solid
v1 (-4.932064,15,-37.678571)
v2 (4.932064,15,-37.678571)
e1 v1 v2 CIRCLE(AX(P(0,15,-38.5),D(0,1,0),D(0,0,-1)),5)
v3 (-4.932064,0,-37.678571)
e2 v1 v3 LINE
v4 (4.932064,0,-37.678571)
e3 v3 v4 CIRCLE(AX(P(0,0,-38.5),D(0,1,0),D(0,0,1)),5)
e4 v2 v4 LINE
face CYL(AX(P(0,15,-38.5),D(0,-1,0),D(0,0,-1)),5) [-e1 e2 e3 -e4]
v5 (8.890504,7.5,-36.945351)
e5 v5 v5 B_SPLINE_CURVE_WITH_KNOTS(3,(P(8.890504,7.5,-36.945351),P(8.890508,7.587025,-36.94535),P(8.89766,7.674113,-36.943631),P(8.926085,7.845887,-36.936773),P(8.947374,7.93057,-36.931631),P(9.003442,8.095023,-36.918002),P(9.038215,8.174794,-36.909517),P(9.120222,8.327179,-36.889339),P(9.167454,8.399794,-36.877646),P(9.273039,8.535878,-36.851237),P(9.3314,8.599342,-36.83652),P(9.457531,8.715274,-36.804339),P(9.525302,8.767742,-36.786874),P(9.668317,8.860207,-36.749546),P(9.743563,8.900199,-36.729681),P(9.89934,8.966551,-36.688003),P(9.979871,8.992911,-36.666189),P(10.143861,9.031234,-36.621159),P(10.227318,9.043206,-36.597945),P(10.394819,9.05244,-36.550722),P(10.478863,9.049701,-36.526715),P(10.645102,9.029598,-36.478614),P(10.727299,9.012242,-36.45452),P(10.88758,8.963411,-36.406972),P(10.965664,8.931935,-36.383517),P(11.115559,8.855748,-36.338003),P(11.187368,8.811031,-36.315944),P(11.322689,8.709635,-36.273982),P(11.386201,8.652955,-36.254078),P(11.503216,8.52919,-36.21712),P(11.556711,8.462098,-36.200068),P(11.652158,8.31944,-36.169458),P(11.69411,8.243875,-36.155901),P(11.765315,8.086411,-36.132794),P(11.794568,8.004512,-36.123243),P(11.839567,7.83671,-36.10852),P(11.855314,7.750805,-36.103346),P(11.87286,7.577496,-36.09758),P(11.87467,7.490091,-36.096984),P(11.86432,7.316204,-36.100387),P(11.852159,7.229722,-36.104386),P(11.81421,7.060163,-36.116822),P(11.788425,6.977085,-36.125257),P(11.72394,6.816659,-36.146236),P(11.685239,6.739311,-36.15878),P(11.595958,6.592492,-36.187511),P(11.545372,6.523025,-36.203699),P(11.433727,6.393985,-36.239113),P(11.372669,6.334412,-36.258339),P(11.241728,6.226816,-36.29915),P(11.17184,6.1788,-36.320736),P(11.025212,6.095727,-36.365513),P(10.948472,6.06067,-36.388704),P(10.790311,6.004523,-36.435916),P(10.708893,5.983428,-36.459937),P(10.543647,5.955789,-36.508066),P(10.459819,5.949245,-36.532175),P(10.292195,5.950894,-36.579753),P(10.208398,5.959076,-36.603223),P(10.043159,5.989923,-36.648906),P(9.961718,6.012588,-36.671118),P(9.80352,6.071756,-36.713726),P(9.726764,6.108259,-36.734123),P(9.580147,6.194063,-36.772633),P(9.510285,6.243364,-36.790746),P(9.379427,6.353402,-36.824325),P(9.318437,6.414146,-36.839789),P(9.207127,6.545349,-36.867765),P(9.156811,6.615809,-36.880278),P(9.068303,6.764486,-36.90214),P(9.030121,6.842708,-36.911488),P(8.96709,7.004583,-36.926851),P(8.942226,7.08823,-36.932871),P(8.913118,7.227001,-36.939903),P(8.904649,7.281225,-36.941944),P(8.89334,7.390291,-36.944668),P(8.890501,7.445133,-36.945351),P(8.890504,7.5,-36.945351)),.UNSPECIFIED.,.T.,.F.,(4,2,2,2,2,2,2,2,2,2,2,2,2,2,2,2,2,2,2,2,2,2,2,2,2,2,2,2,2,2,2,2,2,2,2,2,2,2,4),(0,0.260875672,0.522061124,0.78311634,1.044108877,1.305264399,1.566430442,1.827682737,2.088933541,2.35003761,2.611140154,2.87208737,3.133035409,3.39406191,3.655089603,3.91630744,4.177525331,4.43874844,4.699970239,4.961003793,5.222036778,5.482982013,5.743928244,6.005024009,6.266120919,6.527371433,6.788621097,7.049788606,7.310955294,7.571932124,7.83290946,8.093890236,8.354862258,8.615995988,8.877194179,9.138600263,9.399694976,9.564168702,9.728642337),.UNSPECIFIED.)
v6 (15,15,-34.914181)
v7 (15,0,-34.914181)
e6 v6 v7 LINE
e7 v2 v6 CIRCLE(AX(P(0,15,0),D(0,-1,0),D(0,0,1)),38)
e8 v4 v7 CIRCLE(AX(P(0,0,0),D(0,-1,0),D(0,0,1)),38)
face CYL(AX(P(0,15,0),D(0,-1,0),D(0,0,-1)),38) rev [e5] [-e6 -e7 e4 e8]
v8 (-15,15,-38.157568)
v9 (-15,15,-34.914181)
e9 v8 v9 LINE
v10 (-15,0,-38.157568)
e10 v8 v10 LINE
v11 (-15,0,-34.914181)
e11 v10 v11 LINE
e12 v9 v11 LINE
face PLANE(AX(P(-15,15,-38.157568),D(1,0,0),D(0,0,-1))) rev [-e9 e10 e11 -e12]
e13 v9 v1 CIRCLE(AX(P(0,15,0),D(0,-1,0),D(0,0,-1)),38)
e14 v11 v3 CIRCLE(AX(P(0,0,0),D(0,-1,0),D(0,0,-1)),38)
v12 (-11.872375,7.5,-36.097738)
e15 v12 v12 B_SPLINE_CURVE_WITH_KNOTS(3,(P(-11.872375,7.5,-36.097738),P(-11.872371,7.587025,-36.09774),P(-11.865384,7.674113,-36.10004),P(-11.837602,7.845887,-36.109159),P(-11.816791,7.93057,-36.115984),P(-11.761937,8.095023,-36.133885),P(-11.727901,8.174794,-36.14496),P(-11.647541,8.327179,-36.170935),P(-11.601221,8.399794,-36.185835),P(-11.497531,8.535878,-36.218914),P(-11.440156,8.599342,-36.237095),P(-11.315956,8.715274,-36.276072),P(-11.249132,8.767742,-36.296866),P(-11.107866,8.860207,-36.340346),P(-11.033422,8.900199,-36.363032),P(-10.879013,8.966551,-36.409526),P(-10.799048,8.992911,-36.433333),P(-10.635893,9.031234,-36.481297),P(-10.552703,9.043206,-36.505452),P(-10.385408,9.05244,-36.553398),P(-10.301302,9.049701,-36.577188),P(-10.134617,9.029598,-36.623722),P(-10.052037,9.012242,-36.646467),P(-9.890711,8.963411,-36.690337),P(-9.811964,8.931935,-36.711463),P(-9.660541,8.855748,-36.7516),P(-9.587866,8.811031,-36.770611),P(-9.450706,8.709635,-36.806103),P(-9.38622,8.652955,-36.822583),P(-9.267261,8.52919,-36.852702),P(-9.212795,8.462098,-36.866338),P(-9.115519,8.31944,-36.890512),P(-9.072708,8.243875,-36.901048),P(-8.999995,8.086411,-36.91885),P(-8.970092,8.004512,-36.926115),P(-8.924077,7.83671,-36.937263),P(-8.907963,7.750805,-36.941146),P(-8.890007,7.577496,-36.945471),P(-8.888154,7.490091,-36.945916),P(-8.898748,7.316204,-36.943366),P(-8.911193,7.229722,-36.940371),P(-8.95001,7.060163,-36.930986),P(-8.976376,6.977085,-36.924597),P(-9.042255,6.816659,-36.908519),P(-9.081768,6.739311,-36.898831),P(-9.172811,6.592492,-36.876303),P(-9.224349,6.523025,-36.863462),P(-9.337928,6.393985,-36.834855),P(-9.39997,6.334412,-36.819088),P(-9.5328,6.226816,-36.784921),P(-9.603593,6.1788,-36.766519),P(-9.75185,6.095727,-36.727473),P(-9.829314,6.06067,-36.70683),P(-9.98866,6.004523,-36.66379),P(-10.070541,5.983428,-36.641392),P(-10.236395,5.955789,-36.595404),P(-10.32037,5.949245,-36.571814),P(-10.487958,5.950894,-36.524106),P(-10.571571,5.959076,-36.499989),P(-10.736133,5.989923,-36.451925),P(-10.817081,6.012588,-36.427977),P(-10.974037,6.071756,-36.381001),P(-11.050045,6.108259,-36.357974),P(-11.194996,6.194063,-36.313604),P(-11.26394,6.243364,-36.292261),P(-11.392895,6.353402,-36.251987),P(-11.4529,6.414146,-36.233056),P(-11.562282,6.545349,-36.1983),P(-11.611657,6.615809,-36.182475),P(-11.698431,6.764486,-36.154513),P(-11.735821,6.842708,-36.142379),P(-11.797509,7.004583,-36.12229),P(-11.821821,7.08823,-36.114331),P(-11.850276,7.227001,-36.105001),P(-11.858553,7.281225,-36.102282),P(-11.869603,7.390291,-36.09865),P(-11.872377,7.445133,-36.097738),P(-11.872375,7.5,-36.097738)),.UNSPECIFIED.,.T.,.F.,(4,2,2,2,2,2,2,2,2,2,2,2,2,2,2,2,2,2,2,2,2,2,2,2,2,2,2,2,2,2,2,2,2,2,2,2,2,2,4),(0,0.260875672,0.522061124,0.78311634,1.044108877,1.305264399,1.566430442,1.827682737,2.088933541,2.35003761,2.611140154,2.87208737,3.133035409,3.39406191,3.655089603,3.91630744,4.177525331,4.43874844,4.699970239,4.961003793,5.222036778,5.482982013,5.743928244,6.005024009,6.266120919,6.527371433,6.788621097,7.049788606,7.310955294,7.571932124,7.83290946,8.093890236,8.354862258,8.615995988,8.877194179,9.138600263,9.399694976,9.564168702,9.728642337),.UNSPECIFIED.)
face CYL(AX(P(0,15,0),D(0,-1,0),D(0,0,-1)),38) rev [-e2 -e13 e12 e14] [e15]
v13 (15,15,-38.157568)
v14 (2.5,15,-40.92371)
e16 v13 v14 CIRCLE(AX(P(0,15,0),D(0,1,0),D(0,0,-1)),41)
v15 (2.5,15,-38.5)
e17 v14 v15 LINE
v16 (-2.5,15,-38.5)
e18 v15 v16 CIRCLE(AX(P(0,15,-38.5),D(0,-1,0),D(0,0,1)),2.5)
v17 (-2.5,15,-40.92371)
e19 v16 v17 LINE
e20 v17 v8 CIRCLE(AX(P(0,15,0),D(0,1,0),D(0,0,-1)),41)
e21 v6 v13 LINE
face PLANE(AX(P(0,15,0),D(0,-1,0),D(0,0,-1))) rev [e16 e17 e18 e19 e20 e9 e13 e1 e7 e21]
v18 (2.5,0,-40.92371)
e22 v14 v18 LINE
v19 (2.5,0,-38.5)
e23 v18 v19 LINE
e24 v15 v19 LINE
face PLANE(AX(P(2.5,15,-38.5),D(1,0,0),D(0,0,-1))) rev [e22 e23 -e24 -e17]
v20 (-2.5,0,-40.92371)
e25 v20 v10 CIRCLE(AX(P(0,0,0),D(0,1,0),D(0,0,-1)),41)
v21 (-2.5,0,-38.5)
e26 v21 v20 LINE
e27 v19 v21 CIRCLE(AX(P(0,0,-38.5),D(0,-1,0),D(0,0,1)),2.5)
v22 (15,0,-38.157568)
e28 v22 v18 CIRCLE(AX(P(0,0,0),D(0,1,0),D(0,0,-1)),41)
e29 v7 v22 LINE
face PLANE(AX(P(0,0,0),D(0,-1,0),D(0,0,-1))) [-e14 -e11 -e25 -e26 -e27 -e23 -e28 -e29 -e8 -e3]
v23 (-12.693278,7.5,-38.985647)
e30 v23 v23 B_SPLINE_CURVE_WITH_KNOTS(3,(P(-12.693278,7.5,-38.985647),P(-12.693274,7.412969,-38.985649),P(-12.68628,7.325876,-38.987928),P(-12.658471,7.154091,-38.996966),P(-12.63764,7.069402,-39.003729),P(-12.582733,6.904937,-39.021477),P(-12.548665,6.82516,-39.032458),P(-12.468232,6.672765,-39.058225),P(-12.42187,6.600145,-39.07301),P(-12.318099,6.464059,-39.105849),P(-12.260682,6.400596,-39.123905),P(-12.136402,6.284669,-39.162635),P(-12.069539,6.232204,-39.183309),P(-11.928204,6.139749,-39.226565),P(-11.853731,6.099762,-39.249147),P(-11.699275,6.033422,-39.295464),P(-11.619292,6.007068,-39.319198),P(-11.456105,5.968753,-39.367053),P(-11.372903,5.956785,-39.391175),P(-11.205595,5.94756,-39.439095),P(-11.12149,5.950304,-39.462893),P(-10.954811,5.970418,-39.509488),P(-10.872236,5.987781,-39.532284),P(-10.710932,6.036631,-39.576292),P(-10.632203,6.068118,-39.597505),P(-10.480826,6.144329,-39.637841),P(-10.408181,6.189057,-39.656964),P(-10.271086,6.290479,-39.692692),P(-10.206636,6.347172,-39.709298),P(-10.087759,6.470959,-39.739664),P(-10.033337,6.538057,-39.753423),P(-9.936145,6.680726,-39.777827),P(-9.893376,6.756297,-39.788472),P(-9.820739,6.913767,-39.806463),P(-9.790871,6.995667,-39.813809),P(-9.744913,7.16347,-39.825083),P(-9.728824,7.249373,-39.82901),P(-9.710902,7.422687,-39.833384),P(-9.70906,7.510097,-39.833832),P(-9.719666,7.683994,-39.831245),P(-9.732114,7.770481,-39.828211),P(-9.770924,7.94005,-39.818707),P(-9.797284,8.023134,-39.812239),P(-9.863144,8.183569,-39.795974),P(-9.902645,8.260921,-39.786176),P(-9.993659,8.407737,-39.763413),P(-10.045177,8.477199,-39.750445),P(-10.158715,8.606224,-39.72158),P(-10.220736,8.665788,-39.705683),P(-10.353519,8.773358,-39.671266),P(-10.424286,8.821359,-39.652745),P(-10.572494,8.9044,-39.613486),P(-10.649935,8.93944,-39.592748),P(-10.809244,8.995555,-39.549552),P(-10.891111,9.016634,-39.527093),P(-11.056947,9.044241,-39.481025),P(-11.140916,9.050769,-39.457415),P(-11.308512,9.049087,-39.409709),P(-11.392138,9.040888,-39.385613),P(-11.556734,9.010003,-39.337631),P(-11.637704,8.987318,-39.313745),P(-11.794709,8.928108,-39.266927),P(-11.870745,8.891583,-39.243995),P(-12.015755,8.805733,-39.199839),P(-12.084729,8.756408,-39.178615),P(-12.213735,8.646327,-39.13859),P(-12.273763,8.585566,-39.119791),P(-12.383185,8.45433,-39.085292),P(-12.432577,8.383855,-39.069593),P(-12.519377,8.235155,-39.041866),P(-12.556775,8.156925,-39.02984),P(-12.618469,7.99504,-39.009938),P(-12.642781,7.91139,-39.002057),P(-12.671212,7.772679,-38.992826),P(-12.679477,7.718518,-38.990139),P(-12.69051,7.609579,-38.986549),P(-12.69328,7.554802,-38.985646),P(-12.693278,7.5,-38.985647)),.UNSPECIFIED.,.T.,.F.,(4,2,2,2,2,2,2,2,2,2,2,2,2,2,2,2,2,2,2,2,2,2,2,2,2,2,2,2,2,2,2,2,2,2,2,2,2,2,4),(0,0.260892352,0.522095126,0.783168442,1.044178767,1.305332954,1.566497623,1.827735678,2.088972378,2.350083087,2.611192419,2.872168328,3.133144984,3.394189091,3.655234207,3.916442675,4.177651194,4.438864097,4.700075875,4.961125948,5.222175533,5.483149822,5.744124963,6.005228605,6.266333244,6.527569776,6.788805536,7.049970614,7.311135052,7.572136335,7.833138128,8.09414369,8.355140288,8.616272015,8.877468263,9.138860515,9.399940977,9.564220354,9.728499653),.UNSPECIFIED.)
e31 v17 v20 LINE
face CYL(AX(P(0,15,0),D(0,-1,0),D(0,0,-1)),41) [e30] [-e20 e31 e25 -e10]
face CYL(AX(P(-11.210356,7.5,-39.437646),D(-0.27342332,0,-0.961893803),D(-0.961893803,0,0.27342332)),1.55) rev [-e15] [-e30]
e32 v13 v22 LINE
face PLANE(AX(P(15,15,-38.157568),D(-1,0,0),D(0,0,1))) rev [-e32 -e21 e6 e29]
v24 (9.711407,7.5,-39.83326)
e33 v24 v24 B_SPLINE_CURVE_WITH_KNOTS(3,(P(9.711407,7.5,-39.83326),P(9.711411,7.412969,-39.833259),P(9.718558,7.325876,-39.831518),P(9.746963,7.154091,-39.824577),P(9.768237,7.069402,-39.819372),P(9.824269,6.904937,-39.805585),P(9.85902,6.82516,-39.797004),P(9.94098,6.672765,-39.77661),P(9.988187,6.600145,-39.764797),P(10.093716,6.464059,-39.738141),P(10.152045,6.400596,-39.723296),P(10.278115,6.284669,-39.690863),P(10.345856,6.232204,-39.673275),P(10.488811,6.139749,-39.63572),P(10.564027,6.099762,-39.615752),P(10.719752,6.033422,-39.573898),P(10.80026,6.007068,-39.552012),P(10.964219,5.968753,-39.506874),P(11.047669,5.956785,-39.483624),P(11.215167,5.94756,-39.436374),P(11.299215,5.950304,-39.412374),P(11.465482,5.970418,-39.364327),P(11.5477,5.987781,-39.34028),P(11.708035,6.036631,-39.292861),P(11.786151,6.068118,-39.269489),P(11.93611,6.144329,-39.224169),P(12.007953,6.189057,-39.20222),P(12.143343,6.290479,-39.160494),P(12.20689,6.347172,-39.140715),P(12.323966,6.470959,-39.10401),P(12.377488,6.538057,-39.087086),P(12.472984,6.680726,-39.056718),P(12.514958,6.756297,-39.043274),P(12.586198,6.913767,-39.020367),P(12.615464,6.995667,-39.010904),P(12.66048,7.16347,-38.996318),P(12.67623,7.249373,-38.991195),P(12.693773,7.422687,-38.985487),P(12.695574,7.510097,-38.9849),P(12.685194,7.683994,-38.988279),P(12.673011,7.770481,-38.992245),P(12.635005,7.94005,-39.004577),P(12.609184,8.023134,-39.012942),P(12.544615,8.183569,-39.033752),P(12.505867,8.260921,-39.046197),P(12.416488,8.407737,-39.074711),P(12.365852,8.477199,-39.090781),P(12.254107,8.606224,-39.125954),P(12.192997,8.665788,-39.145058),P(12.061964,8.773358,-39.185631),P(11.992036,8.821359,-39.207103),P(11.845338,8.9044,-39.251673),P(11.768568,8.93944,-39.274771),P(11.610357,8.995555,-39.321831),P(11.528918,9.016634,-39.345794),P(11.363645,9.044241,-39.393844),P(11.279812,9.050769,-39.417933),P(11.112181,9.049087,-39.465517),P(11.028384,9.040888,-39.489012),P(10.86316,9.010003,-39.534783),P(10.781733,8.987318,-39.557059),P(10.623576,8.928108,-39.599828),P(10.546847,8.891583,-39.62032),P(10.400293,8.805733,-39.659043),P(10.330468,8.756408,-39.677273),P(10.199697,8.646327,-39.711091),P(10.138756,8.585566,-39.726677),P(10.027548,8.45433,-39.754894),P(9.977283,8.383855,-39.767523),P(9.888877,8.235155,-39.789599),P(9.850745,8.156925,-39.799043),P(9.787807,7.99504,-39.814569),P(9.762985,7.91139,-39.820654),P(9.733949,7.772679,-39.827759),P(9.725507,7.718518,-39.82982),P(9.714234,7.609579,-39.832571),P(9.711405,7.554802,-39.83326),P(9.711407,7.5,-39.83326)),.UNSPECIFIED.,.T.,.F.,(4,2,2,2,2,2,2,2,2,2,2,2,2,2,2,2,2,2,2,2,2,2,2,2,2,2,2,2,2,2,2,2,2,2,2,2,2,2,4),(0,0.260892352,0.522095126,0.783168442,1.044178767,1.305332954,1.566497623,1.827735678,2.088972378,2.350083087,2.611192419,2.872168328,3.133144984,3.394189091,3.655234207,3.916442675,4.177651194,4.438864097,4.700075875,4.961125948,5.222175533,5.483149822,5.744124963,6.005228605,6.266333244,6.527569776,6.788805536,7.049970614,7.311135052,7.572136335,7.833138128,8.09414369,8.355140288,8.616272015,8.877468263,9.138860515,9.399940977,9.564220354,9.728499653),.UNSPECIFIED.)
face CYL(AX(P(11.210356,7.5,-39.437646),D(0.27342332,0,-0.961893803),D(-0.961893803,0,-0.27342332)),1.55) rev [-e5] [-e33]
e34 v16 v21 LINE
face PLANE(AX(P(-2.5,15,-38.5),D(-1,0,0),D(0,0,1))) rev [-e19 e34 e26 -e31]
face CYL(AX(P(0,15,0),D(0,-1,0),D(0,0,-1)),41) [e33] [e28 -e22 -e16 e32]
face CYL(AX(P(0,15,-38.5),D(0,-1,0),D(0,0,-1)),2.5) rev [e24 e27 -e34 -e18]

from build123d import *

# Parameters (mm, degrees)
BOSS_EXTRU_1_DEPTH             = 15
D_GAGEMENT_M41_D               = 3.1
D_GAGEMENT_M41_DEPTH           = 30
D_GAGEMENT_M41_TIP             = 0.931333959
D_GAGEMENT_M41_ON_FACE_2_D     = 3.1
D_GAGEMENT_M41_ON_FACE_2_DEPTH = 30
D_GAGEMENT_M41_ON_FACE_2_TIP   = 0.931333959


with BuildPart() as part:
    # Esquisse1 → Boss.-Extru.1 (new body)
    with BuildSketch(Plane(origin=(0, 0, 0), x_dir=(1, 0, 0), z_dir=(0, 1, 0))):
        with BuildLine():
            Line((-2.5, 38.5), (-2.5, 40.923709509))
            ThreePointArc((-2.5, 40.923709509), (-8.858633339, 40.031545253), (-15, 38.157568057))
            Line((-15, 38.157568057), (-15, 34.9141805))
            ThreePointArc((-15, 34.9141805), (-10.061424249, 36.64379541), (-4.93206398, 37.678571429))
            ThreePointArc((-4.93206398, 37.678571429), (-3.232093528, 34.685085659), (0, 33.5))
            ThreePointArc((0, 33.5), (3.232093528, 34.685085659), (4.93206398, 37.678571429))
            ThreePointArc((4.93206398, 37.678571429), (10.061424249, 36.64379541), (15, 34.9141805))
            Line((15, 34.9141805), (15, 38.157568057))
            ThreePointArc((15, 38.157568057), (8.858633339, 40.031545253), (2.5, 40.923709509))
            Line((2.5, 40.923709509), (2.5, 38.5))
            ThreePointArc((2.5, 38.5), (0, 36), (-2.5, 38.5))
        make_face()
    extrude(amount=BOSS_EXTRU_1_DEPTH)

    # Dégagement M41
    with Locations(Plane(origin=(-11.210356129, 7.5, -39.437645917), x_dir=(-0.961893803, 0, 0.27342332), z_dir=(-0.27342332, 0, -0.961893803))):
        with Locations((0, 0)):
            Hole(D_GAGEMENT_M41_D / 2, depth=D_GAGEMENT_M41_DEPTH)
            with Locations((0, 0, -(D_GAGEMENT_M41_DEPTH + D_GAGEMENT_M41_TIP / 2))):  # 118° drill point
                Cone(0, D_GAGEMENT_M41_D / 2, D_GAGEMENT_M41_TIP, mode=Mode.SUBTRACT)

    # Dégagement M41 on face 2
    with Locations(Plane(origin=(11.210356129, 7.5, -39.437645917), x_dir=(-0.961893902, 0, -0.273422972), z_dir=(0.273422972, 0, -0.961893902))):
        with Locations((0, 0)):
            Hole(D_GAGEMENT_M41_ON_FACE_2_D / 2, depth=D_GAGEMENT_M41_ON_FACE_2_DEPTH)
            with Locations((0, 0, -(D_GAGEMENT_M41_ON_FACE_2_DEPTH + D_GAGEMENT_M41_ON_FACE_2_TIP / 2))):  # 118° drill point
                Cone(0, D_GAGEMENT_M41_ON_FACE_2_D / 2, D_GAGEMENT_M41_ON_FACE_2_TIP, mode=Mode.SUBTRACT)


solid = part.part
